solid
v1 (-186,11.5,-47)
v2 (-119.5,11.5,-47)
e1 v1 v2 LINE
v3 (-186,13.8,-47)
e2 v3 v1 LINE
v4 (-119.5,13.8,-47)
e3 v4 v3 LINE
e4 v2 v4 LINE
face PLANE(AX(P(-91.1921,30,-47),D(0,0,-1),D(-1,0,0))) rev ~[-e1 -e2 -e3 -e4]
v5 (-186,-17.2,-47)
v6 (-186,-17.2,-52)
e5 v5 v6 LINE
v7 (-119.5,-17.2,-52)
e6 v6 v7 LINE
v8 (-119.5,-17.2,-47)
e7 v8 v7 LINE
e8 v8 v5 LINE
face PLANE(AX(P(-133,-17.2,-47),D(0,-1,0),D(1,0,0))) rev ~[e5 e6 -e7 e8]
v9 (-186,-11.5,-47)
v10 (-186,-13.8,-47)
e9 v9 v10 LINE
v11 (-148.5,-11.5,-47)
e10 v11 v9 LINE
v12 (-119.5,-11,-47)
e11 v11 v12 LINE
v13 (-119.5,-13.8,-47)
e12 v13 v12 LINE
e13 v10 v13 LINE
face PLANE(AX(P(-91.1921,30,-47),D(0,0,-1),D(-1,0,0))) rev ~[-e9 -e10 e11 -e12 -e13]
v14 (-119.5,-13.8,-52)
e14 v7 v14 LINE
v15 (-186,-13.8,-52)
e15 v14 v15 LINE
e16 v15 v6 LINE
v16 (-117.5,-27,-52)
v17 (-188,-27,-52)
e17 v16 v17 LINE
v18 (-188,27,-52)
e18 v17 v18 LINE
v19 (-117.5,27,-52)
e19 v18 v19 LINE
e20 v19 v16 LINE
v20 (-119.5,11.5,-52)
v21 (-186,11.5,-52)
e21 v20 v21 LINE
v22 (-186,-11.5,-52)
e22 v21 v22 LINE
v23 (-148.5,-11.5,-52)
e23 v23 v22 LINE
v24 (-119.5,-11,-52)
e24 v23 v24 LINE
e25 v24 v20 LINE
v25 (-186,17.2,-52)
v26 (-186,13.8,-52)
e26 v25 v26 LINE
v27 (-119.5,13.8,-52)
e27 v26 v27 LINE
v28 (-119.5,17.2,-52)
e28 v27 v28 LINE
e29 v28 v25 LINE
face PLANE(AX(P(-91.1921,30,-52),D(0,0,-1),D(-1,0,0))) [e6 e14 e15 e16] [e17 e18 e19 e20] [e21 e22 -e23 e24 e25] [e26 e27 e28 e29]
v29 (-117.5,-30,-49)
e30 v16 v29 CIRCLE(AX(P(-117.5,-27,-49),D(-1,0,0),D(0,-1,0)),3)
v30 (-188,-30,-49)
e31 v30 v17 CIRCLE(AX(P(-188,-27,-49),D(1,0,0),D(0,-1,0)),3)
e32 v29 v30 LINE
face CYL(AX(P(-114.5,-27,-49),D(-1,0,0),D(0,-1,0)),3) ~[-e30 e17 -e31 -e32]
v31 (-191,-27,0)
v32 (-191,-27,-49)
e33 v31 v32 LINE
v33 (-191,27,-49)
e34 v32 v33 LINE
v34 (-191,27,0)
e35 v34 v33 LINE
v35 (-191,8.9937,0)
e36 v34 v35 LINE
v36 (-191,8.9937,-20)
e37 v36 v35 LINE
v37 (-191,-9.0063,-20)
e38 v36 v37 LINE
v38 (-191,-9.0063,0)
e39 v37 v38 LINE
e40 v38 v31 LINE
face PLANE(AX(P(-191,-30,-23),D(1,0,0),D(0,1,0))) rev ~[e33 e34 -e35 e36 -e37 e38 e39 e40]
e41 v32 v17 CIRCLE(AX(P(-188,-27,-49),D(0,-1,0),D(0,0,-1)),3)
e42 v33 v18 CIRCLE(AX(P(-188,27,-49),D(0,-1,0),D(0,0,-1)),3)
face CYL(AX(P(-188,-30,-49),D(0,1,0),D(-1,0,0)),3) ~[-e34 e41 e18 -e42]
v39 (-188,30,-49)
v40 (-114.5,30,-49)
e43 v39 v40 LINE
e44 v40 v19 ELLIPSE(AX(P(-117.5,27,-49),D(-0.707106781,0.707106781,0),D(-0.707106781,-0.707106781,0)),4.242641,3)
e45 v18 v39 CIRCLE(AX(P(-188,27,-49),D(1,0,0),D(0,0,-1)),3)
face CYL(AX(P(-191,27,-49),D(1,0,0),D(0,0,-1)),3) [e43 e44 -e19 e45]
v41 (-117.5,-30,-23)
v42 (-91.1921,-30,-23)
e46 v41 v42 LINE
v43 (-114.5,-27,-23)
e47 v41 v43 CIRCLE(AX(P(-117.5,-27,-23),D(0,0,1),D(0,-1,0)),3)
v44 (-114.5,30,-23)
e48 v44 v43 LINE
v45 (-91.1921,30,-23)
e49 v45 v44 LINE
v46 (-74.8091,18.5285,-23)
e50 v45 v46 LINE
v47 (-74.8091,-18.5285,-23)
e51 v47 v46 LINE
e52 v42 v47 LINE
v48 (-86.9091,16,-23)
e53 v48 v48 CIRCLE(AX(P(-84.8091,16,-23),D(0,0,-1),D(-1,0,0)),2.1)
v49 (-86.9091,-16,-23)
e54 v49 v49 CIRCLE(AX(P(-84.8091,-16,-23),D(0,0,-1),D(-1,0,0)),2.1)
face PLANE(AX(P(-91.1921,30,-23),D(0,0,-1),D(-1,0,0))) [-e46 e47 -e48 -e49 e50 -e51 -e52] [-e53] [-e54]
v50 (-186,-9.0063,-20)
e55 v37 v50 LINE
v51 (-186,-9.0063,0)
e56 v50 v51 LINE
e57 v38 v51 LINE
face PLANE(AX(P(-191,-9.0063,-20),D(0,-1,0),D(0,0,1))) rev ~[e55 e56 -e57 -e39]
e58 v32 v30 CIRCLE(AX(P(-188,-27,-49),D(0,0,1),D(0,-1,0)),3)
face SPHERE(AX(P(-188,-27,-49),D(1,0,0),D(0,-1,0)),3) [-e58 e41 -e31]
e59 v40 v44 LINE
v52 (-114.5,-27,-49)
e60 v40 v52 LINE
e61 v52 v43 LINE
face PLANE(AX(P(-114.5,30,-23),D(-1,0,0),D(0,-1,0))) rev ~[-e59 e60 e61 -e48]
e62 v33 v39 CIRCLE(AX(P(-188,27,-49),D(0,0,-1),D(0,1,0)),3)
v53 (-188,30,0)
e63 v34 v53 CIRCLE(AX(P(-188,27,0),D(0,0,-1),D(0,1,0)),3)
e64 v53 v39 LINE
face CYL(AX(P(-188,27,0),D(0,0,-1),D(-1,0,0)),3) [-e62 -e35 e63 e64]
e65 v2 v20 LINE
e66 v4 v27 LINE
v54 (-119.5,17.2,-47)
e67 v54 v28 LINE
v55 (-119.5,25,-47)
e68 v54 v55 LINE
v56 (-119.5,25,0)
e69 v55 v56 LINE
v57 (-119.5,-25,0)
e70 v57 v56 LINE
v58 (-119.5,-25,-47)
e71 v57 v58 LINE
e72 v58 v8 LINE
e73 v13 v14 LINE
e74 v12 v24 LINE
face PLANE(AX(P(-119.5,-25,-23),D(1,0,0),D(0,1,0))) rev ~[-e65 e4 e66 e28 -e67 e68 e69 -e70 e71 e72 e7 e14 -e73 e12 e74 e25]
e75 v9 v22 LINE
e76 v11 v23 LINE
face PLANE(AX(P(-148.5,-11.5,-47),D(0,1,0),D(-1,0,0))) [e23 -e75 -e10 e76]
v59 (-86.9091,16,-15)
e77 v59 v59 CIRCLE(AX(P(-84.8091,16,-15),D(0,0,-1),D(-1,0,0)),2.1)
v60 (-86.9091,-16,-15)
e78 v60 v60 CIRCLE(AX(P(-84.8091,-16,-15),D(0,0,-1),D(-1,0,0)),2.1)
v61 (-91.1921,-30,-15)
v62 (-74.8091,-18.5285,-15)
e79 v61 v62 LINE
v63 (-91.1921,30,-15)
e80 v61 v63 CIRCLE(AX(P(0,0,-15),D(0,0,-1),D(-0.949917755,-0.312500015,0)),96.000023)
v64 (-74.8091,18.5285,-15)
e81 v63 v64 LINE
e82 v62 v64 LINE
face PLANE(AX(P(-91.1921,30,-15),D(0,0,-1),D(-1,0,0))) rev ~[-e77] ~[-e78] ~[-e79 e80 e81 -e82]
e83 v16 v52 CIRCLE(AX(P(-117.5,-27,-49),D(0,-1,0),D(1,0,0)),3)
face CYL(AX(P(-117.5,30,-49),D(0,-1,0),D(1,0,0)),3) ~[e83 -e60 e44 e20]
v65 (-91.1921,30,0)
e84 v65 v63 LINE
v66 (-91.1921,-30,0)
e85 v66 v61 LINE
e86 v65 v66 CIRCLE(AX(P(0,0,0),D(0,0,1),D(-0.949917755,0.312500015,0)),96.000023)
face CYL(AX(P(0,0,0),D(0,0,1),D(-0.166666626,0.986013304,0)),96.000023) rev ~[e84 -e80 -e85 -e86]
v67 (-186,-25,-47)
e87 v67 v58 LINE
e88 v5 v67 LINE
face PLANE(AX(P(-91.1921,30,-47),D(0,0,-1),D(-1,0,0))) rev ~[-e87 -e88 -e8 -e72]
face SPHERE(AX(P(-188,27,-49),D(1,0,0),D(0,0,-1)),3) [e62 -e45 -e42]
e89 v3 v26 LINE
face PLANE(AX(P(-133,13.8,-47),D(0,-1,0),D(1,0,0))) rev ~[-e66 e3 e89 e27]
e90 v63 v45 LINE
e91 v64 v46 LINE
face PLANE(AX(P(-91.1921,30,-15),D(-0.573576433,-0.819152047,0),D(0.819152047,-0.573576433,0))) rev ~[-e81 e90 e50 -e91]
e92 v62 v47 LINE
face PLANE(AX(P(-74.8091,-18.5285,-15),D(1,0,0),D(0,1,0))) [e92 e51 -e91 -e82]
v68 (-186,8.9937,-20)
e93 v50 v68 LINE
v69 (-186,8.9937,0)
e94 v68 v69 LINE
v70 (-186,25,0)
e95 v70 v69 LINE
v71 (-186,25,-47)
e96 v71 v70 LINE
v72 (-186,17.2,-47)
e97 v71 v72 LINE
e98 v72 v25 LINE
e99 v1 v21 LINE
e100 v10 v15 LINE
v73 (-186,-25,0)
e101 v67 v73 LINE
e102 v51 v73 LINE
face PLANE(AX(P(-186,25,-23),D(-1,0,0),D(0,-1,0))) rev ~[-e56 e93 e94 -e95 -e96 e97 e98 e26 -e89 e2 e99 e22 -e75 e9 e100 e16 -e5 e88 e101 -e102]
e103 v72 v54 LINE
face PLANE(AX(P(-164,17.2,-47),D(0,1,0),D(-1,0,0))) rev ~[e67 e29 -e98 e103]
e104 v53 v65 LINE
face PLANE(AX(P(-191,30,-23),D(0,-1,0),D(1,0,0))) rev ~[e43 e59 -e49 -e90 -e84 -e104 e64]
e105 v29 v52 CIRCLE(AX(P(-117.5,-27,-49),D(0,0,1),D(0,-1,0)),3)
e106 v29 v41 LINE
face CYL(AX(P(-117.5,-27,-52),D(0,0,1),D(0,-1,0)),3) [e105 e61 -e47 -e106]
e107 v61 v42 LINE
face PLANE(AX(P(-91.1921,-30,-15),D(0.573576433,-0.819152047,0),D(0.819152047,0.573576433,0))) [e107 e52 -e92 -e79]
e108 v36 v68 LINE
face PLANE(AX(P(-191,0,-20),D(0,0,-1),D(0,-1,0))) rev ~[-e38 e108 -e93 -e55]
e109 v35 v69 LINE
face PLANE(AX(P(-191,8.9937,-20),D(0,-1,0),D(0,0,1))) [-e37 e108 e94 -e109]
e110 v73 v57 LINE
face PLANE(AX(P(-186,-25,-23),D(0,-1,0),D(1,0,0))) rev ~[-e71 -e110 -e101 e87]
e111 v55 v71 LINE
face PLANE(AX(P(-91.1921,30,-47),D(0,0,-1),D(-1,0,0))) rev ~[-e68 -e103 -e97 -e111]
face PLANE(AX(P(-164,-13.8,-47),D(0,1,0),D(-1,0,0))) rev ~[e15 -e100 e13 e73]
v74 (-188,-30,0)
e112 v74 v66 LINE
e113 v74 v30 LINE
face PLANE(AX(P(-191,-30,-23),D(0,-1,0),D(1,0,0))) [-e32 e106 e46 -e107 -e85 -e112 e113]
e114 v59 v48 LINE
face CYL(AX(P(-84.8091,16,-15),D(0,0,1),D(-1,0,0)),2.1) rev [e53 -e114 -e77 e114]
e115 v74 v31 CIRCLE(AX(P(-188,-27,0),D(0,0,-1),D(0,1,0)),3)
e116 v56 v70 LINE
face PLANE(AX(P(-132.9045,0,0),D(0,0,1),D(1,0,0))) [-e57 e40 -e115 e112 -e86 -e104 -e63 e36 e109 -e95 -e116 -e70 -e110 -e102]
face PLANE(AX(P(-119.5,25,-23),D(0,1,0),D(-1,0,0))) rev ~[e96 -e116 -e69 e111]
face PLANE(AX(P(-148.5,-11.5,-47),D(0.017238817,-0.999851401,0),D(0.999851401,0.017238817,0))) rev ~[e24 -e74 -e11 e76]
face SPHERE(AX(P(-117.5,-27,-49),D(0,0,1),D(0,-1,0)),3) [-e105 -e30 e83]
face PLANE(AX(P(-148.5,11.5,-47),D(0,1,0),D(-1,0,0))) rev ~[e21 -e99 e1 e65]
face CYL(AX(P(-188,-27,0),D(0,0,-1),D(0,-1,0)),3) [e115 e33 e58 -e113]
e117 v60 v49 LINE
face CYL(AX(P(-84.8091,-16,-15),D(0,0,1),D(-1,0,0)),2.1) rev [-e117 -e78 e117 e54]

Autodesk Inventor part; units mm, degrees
ref_plane "YZ Plane" through (0, 0, 0) normal (1, 0, 0) x (0, 1, 0)
ref_plane "XZ Plane" through (0, 0, 0) normal (0, 1, 0) x (-1, 0, 0)
ref_plane "Work Plane1" through (-132.9045, 0, 0) normal (0, 0, 1) x (1, 0, 0)
ref_plane "Work Plane2" through (-110.9217, -110.9217, -15) normal (0, 0, -1) x (0, 1, 0)
sketch "Sketch1" plane through (-132.9045, 0, 0) normal (0, 0, 1) x (1, 0, 0)
  arc A0 (116.9045, 94.6573) -> (116.9045, -94.6573) centre (132.9045, 0) ccw projected
  arc A1 (116.9045, -94.6573) -> (131.4538, -104) centre (131.4538, -88) ccw projected
  line L0 (131.4538, -104) -> (134.3553, -104) projected
  arc A2 (134.3553, -104) -> (148.9045, -94.6573) centre (134.3553, -88) ccw projected
  arc A3 (148.9045, -94.6573) -> (206.8801, -61.185) centre (132.9045, 0) ccw projected
  arc A4 (206.8801, -61.185) -> (222.2458, -53.2564) centre (208.3894, -45.2564) ccw projected
  line L1 (222.2458, -53.2564) -> (223.6965, -50.7436) projected
  arc A5 (223.6965, -50.7436) -> (222.8801, -33.4722) centre (209.8401, -42.7436) ccw projected
  arc A6 (222.8801, -33.4722) -> (222.8801, 33.4722) centre (132.9045, 0) ccw projected
  arc A7 (222.8801, 33.4722) -> (223.6965, 50.7436) centre (209.8401, 42.7436) ccw projected
  line L2 (223.6965, 50.7436) -> (222.2458, 53.2564) projected
  arc A8 (222.2458, 53.2564) -> (206.8801, 61.185) centre (208.3894, 45.2564) ccw projected
  arc A9 (206.8801, 61.185) -> (148.9045, 94.6573) centre (132.9045, 0) ccw projected
  arc A10 (148.9045, 94.6573) -> (134.3553, 104) centre (134.3553, 88) ccw projected
  line L3 (134.3553, 104) -> (131.4538, 104) projected
  arc A11 (131.4538, 104) -> (116.9045, 94.6573) centre (131.4538, 88) ccw projected
  circle A12 centre (132.9045, 0) radius 3.5 projected
  circle A13 centre (132.9045, -100) radius 3 projected
  circle A14 centre (63.6225, -40) radius 3.5 projected
  circle A15 centre (132.9045, -80) radius 3.5 projected
  circle A16 centre (202.1866, -40) radius 3.5 projected
  circle A17 centre (202.1866, 40) radius 3.5 projected
  circle A18 centre (132.9045, 80) radius 3.5 projected
  circle A19 centre (63.6225, 40) radius 3.5 projected
  circle A20 centre (219.5071, -50) radius 3 projected
  circle A21 centre (219.5071, 50) radius 3 projected
  circle A22 centre (132.9045, 100) radius 3 projected
  line L4 (36.9045, 0) -> (36.9045, 30)
  line L5 (36.9045, 30) -> (41.7124, 30)
  line L6 (36.9045, 0) -> (36.9045, -30)
  line L7 (36.9045, -30) -> (41.7124, -30)
  line L8 (36.9045, 30) -> (-58.0955, 30)
  line L9 (-58.0955, 30) -> (-58.0955, -30)
  line L10 (-58.0955, -30) -> (36.9045, -30)
  line L11 (36.9045, -30) -> (36.9045, 30)
  circle A23 centre (48.0955, -16) radius 2.1 projected
  circle A24 centre (48.0955, 16) radius 2.1 projected
  point P0 (132.9045, 0)
  dimension "d0" = 30
  dimension "d1" = 30
  dimension "d2" = 95
  dimension "d3" = 60
extrude "Extrusion1" add sketch "Sketch1" against normal up to surface (15 mm away) contours A0 L4 L5 | L6 L10 L9 L8 L4 | A0 L7 L6
sketch "Sketch2" plane through (-91.1921, 30, -15) normal (0, 0, -1) x (-1, 0, 0)
  circle A0 centre (-91.1921, -30) radius 3.5 projected
  arc A1 (-91.1921, 66) -> (-174.3305, 18) centre (-91.1921, -30) ccw projected
  circle A2 centre (-160.4741, 10) radius 16 projected
  arc A3 (-174.3305, 18) -> (-174.3305, -78) centre (-91.1921, -30) ccw projected
  circle A4 centre (-160.4741, -70) radius 16 projected
  arc A5 (-174.3305, -78) -> (-91.1921, -126) centre (-91.1921, -30) ccw projected
  circle A6 centre (-91.1921, -110) radius 16 projected
  arc A7 (-91.1921, -126) -> (-8.0537, -78) centre (-91.1921, -30) ccw projected
  circle A8 centre (-21.9101, -70) radius 16 projected
  arc A9 (-8.0537, -78) -> (-8.0537, 18) centre (-91.1921, -30) ccw projected
  circle A10 centre (-21.9101, 10) radius 16 projected
  arc A11 (-8.0537, 18) -> (-91.1921, 66) centre (-91.1921, -30) ccw projected
  circle A12 centre (-91.1921, 50) radius 16 projected
  line L0 (99.8079, 0) -> (99.8079, -60) projected
  line L1 (0, 0) -> (99.8079, 0) projected
  arc A13 (0, -60) -> (0, 0) centre (-91.1921, -30) ccw projected
  line L2 (99.8079, -60) -> (0, -60) projected
  circle A14 centre (-6.383, -14) radius 2.1
  line L3 (0, 0) -> (-16.383, -11.4715)
  line L4 (0, 0) -> (20, 0) construction
  line L5 (0, -60) -> (-16.383, -48.5285)
  line L6 (0, -60) -> (20, -60) construction
  line L7 (99.8079, -60) -> (0, -60) projected
  line L8 (-16.383, -48.5285) -> (-16.383, -11.4715)
  circle A15 centre (-6.383, -46) radius 2.1
  circle A16 centre (-6.383, -46) radius 2.1 projected
  circle A17 centre (-6.383, -14) radius 2.1 projected
  point P0 (-91.1921, -30)
  dimension "d6" = 4.2
  dimension "d7" = 14
  dimension "d8" = 20
  dimension "d9" = 145
  dimension "d10" = 20
  dimension "d11" = 145
  dimension "d12" = 10
  dimension "d13" = 14
  dimension "d14" = 10
extrude "Extrusion2" add sketch "Sketch2" along normal blind 8 contours L1 L0 L2 A9 | A9 L5 L8 L3
sketch "Sketch3" plane through (-91.1921, 30, -23) normal (0, 0, -1) x (-1, 0, 0)
  line L0 (38.3079, -51.5) -> (81.3079, -51.5)
  line L1 (81.3079, -51.5) -> (81.3079, -8.5)
  line L2 (81.3079, -8.5) -> (38.3079, -8.5)
  line L3 (38.3079, -8.5) -> (38.3079, -51.5)
  line L4 (38.3079, -51.5) -> (81.3079, -8.5) construction
  line L5 (81.3079, -51.5) -> (38.3079, -8.5) construction
  line L6 (99.8079, -60) -> (99.8079, 0) projected
  line L7 (99.8079, 0) -> (0, 0) projected
  line L8 (99.8079, -60) -> (0, -60) projected
  line L9 (99.8079, 0) -> (23.3079, 0)
  line L10 (23.3079, 0) -> (23.3079, -60)
  line L11 (23.3079, -60) -> (99.8079, -60)
  line L12 (99.8079, -60) -> (99.8079, 0)
  line L13 (28.3079, -55) -> (28.3079, -5)
  line L14 (28.3079, -5) -> (94.8079, -5)
  line L15 (94.8079, -5) -> (94.8079, -55)
  line L16 (94.8079, -55) -> (28.3079, -55)
  point P0 (-91.1921, -30)
  point P1 (59.8079, -30)
  point P2 (23.3079, 0)
  dimension "d17" = 43
  dimension "d18" = 43
  dimension "d26" = 30
  dimension "d29" = 40
  dimension "d30" = 15
  dimension "d31" = 5
extrude "Extrusion3" add sketch "Sketch3" along normal blind 24 contours L8 L10 L7 L6
sketch "Sketch4" plane through (-91.1921, 30, -47) normal (0, 0, -1) x (-1, 0, 0)
  circle A0 centre (41.8079, -14.5) radius 1.5 projected
  circle A1 centre (41.8079, -45.5) radius 1.5 projected
  circle A2 centre (72.8079, -14.5) radius 1.5 projected
  circle A3 centre (72.8079, -45.5) radius 1.5 projected
  circle A4 centre (57.3079, -30) radius 11 projected
  line L0 (76.3079, -9) -> (78.3079, -11) projected
  line L1 (76.3079, -9) -> (38.3079, -9) projected
  line L2 (36.3079, -11) -> (38.3079, -9) projected
  line L3 (36.3079, -11) -> (36.3079, -49) projected
  line L4 (38.3079, -51) -> (36.3079, -49) projected
  line L5 (38.3079, -51) -> (76.3079, -51) projected
  line L6 (78.3079, -49) -> (76.3079, -51) projected
  line L7 (78.3079, -49) -> (78.3079, -11) projected
  line L8 (23.3079, -60) -> (99.8079, -60) projected
  line L9 (99.8079, -60) -> (99.8079, 0) projected
  line L10 (99.8079, 0) -> (23.3079, 0) projected
  line L11 (23.3079, 0) -> (23.3079, -60) projected
  line L12 (28.3079, -55) -> (28.3079, -5) projected
  line L13 (28.3079, -5) -> (94.8079, -5) projected
  line L14 (94.8079, -5) -> (94.8079, -55) projected
  line L15 (94.8079, -55) -> (28.3079, -55) projected
  point P0 (-91.1921, -30)
extrude "Extrusion4" cut sketch "Sketch4" against normal through all contours A1 | A2 | A3 | A4
sketch "Sketch5" plane through (-91.1921, 30, -23) normal (0, 0, -1) x (-1, 0, 0)
  circle A0 centre (41.8079, -45.5) radius 1.5 projected
  circle A1 centre (57.3079, -30) radius 11 projected
  circle A2 centre (72.8079, -45.5) radius 1.5 projected
  circle A3 centre (72.8079, -14.5) radius 1.5 projected
  line L0 (28.3079, -55) -> (94.8079, -55) projected
  line L1 (94.8079, -55) -> (94.8079, -5) projected
  line L2 (94.8079, -5) -> (28.3079, -5) projected
  line L3 (28.3079, -5) -> (28.3079, -55) projected
  point P0 (-91.1921, -30)
extrude "Extrusion5" cut sketch "Sketch5" against normal through all
sketch "Sketch6" plane through (-91.1921, 30, -47) normal (0, 0, -1) x (-1, 0, 0)
  line L0 (23.3079, -60) -> (99.8079, -60) projected
  line L1 (99.8079, -60) -> (99.8079, 0) projected
  line L2 (99.8079, 0) -> (23.3079, 0) projected
  line L3 (23.3079, 0) -> (23.3079, -60) projected
  line L4 (28.3079, -55) -> (28.3079, -5) projected
  line L5 (28.3079, -5) -> (94.8079, -5) projected
  line L6 (94.8079, -5) -> (94.8079, -55) projected
  line L7 (94.8079, -55) -> (28.3079, -55) projected
  circle A0 centre (41.8079, -14.5) radius 1.5 projected
  circle A1 centre (72.8079, -14.5) radius 1.5 projected
  circle A2 centre (72.8079, -45.5) radius 1.5 projected
  circle A3 centre (41.8079, -45.5) radius 1.5 projected
  circle A4 centre (41.8079, -14.5) radius 1.7
  circle A5 centre (72.8079, -14.5) radius 1.7
  circle A6 centre (72.8079, -45.5) radius 1.7
  circle A7 centre (41.8079, -45.5) radius 1.7
  line L8 (41.8079, -43.8) -> (72.8079, -43.8)
  line L9 (72.8079, -47.2) -> (41.8079, -47.2)
  line L10 (41.8079, -12.8) -> (72.8079, -12.8)
  line L11 (72.8079, -16.2) -> (41.8079, -16.2)
  line L12 (41.8079, -16.2) -> (28.3079, -16.2)
  line L13 (41.8079, -12.8) -> (28.3079, -12.8)
  line L14 (72.8079, -12.8) -> (94.8079, -12.8)
  line L15 (72.8079, -16.2) -> (94.8079, -16.2)
  line L16 (72.8079, -43.8) -> (94.8079, -43.8)
  line L17 (72.8079, -47.2) -> (94.8079, -47.2)
  line L18 (41.8079, -47.2) -> (28.3079, -47.2)
  line L19 (41.8079, -43.8) -> (28.3079, -43.8)
  circle A8 centre (57.3079, -30) radius 11 projected
  circle A9 centre (57.3079, -30) radius 11.5
  line L20 (57.3079, -18.5) -> (28.3079, -18.5)
  line L21 (57.3079, -18.5) -> (94.8079, -18.5)
  line L22 (57.3079, -41.5) -> (94.8079, -41.5)
  line L23 (57.3079, -41.5) -> (28.3079, -41)
  point P0 (-91.1921, -30)
  point P1 (56.9115, -41.4932)
  dimension "d32" = 0.2
  dimension "d33" = 0.2
  dimension "d34" = 0.2
  dimension "d35" = 0.2
  dimension "d39" = 0.5
extrude "Extrusion6" add sketch "Sketch6" along normal blind 5 contours L3 L2 L1 L0 | L4 L18 L9 L17 L6 L7 | L4 L23 L22 L6 L16 L8 L19 | L4 L12 L11 L15 L6 L21 L20 | L4 L5 L6 L14 L10 L13
fillet "Fillet1" radius 3 7 edges at (-114.5, -30, -37.5) (-152.75, -30, -52) (-114.5, 0, -52) (-152.75, 30, -52) (-191, -30, -26) (-191, 0, -52) (-191, 30, -26)
sketch "Sketch7" plane through (-191, -27, 0) normal (-1, 0, 0) x (0, 0, 1)
  line L0 (0, 27) -> (-20, 27)
  line L1 (-20, 27) -> (-20, 17.9937)
  line L2 (-20, 17.9937) -> (0, 17.9937)
  line L3 (0, 17.9937) -> (0, 27)
  line L4 (0, 27) -> (-20, 27)
  line L5 (-20, 27) -> (-20, 35.9937)
  line L6 (-20, 35.9937) -> (0, 35.9937)
  line L7 (0, 35.9937) -> (0, 27)
  dimension "d41" = 20
  dimension "d42" = 18
extrude "Extrusion7" cut sketch "Sketch7" against normal up to surface (5 mm away)
properties part number "base-stepper-holder_3DPrint"
